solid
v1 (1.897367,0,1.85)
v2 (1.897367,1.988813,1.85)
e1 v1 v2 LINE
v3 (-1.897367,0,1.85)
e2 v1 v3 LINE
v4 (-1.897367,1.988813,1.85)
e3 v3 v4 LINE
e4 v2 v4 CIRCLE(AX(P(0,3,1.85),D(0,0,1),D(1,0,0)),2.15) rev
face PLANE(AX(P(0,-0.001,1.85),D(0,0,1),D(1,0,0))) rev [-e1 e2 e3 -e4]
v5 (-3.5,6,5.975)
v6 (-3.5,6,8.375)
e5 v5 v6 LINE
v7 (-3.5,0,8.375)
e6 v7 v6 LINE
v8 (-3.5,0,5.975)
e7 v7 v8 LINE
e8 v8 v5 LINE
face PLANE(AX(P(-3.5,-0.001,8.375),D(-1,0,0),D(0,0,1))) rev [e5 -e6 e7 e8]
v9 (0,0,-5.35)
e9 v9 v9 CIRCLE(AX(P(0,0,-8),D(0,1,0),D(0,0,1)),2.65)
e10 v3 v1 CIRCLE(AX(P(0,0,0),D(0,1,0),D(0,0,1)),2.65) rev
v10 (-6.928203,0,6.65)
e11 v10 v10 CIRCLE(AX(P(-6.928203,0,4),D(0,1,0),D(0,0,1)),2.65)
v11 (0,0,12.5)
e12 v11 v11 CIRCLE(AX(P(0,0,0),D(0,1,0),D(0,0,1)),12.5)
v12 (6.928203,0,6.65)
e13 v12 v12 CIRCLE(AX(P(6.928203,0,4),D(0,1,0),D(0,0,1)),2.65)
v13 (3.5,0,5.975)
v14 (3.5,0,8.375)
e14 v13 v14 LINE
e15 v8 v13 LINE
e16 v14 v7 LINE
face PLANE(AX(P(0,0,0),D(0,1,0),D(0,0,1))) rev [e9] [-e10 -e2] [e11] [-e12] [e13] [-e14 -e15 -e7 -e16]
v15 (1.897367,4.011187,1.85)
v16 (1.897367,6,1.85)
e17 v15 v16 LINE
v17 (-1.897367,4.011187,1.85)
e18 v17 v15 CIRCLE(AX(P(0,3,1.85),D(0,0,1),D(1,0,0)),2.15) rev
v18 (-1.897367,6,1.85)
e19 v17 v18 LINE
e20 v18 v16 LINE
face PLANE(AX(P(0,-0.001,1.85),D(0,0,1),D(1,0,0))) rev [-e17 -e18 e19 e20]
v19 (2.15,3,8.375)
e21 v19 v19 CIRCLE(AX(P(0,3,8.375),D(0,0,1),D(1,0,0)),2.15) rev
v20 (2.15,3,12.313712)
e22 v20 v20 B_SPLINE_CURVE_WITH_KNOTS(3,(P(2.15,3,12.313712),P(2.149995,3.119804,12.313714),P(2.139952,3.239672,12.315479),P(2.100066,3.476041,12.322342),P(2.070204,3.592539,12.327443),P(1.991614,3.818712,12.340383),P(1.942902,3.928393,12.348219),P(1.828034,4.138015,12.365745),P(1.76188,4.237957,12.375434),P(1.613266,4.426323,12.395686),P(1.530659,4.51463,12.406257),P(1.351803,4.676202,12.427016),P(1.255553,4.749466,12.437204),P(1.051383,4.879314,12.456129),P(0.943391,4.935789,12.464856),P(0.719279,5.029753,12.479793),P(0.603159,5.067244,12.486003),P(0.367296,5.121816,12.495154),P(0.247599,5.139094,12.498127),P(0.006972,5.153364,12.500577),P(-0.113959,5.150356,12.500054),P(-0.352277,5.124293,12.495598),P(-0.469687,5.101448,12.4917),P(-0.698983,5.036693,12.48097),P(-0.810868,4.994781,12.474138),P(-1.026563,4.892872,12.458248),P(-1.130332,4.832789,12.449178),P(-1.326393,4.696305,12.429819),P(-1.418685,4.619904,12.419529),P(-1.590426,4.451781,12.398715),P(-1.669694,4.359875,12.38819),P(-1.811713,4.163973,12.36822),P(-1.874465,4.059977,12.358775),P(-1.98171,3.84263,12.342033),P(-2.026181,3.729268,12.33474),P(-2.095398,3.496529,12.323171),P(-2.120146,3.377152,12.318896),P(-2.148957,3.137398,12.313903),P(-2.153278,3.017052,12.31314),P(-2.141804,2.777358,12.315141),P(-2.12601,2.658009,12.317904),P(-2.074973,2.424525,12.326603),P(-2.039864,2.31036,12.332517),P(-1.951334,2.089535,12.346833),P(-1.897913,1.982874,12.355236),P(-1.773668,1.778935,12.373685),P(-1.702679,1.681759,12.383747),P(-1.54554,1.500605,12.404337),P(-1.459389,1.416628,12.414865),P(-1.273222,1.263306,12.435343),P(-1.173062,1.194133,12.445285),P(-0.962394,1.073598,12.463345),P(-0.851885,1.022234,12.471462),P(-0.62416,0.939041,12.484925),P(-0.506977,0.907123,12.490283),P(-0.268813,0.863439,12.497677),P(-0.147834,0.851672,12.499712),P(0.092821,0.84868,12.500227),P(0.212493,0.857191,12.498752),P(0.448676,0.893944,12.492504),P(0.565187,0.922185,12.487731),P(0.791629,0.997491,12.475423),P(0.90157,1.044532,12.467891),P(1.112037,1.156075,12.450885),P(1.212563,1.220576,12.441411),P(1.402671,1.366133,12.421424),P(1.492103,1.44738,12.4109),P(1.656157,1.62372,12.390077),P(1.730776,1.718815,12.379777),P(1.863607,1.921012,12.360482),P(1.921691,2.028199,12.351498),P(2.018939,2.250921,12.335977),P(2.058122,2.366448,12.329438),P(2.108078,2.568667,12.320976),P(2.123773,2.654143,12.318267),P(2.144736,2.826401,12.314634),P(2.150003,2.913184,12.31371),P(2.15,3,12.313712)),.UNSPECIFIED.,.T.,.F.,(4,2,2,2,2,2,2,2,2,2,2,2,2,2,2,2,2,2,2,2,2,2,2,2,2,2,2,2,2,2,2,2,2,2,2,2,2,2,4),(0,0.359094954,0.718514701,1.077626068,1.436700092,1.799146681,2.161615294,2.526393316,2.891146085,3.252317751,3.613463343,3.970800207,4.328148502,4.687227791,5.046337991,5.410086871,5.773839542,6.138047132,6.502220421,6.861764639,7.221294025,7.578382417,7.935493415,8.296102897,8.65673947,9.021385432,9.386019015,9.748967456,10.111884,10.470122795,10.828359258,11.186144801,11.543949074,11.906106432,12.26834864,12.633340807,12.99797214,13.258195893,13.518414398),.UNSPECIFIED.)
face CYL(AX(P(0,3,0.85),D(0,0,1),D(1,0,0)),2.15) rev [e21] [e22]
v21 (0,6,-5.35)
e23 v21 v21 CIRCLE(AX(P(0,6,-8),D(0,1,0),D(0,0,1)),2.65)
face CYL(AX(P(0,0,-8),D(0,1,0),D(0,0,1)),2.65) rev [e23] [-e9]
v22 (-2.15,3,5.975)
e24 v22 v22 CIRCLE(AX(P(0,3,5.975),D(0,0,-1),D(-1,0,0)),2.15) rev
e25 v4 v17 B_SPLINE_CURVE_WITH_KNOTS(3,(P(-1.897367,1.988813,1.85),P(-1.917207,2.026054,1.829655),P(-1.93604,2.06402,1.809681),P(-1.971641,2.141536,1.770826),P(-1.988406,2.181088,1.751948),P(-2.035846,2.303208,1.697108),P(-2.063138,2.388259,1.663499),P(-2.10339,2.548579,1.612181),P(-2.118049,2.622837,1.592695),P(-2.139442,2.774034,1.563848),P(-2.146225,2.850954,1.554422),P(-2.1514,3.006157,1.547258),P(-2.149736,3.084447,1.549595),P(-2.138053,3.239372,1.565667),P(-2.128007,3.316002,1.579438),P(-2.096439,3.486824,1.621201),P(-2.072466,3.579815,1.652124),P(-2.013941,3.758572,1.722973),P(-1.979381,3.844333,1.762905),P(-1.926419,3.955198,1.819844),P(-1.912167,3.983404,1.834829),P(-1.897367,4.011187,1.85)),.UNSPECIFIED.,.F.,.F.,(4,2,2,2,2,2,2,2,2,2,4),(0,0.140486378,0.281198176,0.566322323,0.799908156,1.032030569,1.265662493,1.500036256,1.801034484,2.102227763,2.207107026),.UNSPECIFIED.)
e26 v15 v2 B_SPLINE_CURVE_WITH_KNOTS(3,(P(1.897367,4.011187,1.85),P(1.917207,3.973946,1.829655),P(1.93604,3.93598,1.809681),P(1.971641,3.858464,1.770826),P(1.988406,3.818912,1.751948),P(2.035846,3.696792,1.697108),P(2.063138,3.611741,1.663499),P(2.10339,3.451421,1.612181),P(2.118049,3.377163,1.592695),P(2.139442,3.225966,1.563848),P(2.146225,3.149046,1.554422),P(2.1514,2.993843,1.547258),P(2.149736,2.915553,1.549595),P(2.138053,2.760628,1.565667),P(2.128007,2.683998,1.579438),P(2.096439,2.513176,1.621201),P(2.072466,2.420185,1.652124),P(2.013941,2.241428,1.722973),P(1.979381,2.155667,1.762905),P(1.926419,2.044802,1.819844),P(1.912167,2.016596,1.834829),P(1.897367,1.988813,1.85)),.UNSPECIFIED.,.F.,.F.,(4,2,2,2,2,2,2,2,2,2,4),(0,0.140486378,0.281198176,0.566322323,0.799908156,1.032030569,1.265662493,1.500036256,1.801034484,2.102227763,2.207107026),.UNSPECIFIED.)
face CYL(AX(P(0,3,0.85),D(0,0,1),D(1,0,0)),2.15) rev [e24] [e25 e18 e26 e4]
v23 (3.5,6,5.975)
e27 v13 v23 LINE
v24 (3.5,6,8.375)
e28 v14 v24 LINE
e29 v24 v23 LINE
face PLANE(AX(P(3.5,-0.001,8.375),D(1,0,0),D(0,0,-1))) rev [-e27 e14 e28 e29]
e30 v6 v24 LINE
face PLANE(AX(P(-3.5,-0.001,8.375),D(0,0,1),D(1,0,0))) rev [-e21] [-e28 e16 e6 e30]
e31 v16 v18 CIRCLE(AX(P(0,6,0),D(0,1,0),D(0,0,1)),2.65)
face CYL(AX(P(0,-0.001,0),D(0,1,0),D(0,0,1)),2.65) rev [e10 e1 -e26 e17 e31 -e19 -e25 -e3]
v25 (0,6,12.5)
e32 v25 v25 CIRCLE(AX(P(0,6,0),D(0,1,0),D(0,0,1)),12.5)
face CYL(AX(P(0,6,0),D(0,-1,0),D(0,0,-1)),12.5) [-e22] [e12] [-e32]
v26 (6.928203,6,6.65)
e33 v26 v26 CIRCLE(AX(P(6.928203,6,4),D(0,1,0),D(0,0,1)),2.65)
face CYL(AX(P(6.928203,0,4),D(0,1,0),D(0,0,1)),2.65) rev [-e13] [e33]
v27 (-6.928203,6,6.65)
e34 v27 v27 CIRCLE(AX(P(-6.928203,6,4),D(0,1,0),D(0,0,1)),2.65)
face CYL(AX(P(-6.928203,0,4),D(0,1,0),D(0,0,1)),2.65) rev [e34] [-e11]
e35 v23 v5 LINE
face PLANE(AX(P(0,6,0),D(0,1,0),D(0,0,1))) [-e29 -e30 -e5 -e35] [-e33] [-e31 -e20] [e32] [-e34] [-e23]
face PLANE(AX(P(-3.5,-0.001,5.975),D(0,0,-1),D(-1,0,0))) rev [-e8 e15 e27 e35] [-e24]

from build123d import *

# Parameters (mm, degrees)
SKETCH1_R               = 12.5
BOSS_EXTRUDE1_DEPTH     = 6
CUT_EXTRUDE1_REACH      = 20.668
CUT_EXTRUDE2_REACH      = 20.668
SKETCH3_W               = 7
SKETCH3_H               = 2.4
CUT_EXTRUDE3_DEPTH      = 1
CUT_EXTRUDE3_DEPTH_BACK = 20.954260197
SKETCH4_R               = 2.15
SKETCH5_R               = 2.65
CUT_EXTRUDE4_DEPTH      = 19.668154869


with BuildPart() as part:
    # Sketch1 → Boss-Extrude1 (new body)
    with BuildSketch(Plane(origin=(0, 0, 0), x_dir=(1, 0, 0), z_dir=(0, 1, 0))):
        with Locations(Location((0, 0, 0), (0, 0, 270))):
            Circle(SKETCH1_R)
    extrude(amount=BOSS_EXTRUDE1_DEPTH)

    # Sketch2 → Cut-Extrude1 (cut, up to next)
    with BuildSketch(Plane(origin=(0, 6, 0), x_dir=(1, 0, 0), z_dir=(0, 1, 0)), mode=Mode.PRIVATE) as cut_extrude1_sk1:
        with BuildLine():
            ThreePointArc((0, 2.65), (-2.441823089, 1.029563014), (-1.897366596, -1.85))
            Line((-1.897366596, -1.85), (0, -1.85))
            Line((0, -1.85), (0, 2.65))
        make_face()
    cut_extrude1_tool1 = extrude(cut_extrude1_sk1.sketch, amount=-CUT_EXTRUDE1_REACH, mode=Mode.PRIVATE) & part.part
    # Sketch2 → Cut-Extrude1 (cut, up to next)
    with BuildSketch(Plane(origin=(0, 6, 0), x_dir=(1, 0, 0), z_dir=(0, 1, 0)), mode=Mode.PRIVATE) as cut_extrude1_sk2:
        with BuildLine():
            Line((0, 2.65), (0, -1.85))
            Line((0, -1.85), (1.897366596, -1.85))
            ThreePointArc((1.897366596, -1.85), (2.454640654, -0.998618676), (2.65, 0))
            ThreePointArc((2.65, 0), (1.87383297, 1.87383297), (0, 2.65))
        make_face()
    cut_extrude1_tool2 = extrude(cut_extrude1_sk2.sketch, amount=-CUT_EXTRUDE1_REACH, mode=Mode.PRIVATE) & part.part
    # Sketch2 → Cut-Extrude1 (cut, up to next)
    with BuildSketch(Plane(origin=(0, 6, 0), x_dir=(1, 0, 0), z_dir=(0, 1, 0)), mode=Mode.PRIVATE) as cut_extrude1_sk3:
        with BuildLine():
            ThreePointArc((0, 2.65), (-2.441823089, 1.029563014), (-1.897366596, -1.85))
            Line((-1.897366596, -1.85), (0, -1.85))
            Line((0, -1.85), (0, 2.65))
        make_face()
    cut_extrude1_tool3 = extrude(cut_extrude1_sk3.sketch, amount=-CUT_EXTRUDE1_REACH, mode=Mode.PRIVATE) & part.part
    # Sketch2 → Cut-Extrude1 (cut, up to next)
    with BuildSketch(Plane(origin=(0, 6, 0), x_dir=(1, 0, 0), z_dir=(0, 1, 0)), mode=Mode.PRIVATE) as cut_extrude1_sk4:
        with BuildLine():
            Line((0, 2.65), (0, -1.85))
            Line((0, -1.85), (1.897366596, -1.85))
            ThreePointArc((1.897366596, -1.85), (2.454640654, -0.998618676), (2.65, 0))
            ThreePointArc((2.65, 0), (1.87383297, 1.87383297), (0, 2.65))
        make_face()
    cut_extrude1_tool4 = extrude(cut_extrude1_sk4.sketch, amount=-CUT_EXTRUDE1_REACH, mode=Mode.PRIVATE) & part.part
    add(cut_extrude1_tool1.solids().sort_by_distance((-1.166256, 6, -0.228052))[0], mode=Mode.SUBTRACT)
    add(cut_extrude1_tool2.solids().sort_by_distance((1.166256, 6, -0.228052))[0], mode=Mode.SUBTRACT)
    add(cut_extrude1_tool3.solids().sort_by_distance((-1.166256, 6, -0.228052))[0], mode=Mode.SUBTRACT)
    add(cut_extrude1_tool4.solids().sort_by_distance((1.166256, 6, -0.228052))[0], mode=Mode.SUBTRACT)

    # Sketch3 → Cut-Extrude2 (cut, up to next)
    with BuildSketch(Plane(origin=(0, 6, 0), x_dir=(1, 0, 0), z_dir=(0, 1, 0)), mode=Mode.PRIVATE) as cut_extrude2_sk1:
        with Locations((0, -7.175)):
            Rectangle(SKETCH3_W, SKETCH3_H)
    cut_extrude2_tool1 = extrude(cut_extrude2_sk1.sketch, amount=-CUT_EXTRUDE2_REACH, mode=Mode.PRIVATE) & part.part
    add(cut_extrude2_tool1.solids().sort_by_distance((0, 6, 7.175))[0], mode=Mode.SUBTRACT)

    # Sketch4 → Cut-Extrude3 (cut, two sides: drawn at the far end of the back side and taken through both)
    with BuildSketch(Plane(origin=(0, 0, 1.85), x_dir=(-1, 0, 0), z_dir=(0, 0, -1)).offset(-CUT_EXTRUDE3_DEPTH_BACK)):
        with Locations(Location((0, 3, 0), (0, 0, 208.05505294))):
            Circle(SKETCH4_R)
    extrude(amount=CUT_EXTRUDE3_DEPTH + CUT_EXTRUDE3_DEPTH_BACK, mode=Mode.SUBTRACT)

    # Sketch5 → Cut-Extrude4 (cut, through all)
    with BuildSketch(Plane(origin=(0, 6, 0), x_dir=(1, 0, 0), z_dir=(0, 1, 0))):
        with Locations(Location((0, 8, 0), (0, 0, 270))):
            Circle(SKETCH5_R)
        with Locations(Location((6.92820323, -4, 0), (0, 0, 270))):
            Circle(SKETCH5_R)
        with Locations(Location((-6.92820323, -4, 0), (0, 0, 270))):
            Circle(SKETCH5_R)
    extrude(amount=-CUT_EXTRUDE4_DEPTH, mode=Mode.SUBTRACT)


solid = part.part
